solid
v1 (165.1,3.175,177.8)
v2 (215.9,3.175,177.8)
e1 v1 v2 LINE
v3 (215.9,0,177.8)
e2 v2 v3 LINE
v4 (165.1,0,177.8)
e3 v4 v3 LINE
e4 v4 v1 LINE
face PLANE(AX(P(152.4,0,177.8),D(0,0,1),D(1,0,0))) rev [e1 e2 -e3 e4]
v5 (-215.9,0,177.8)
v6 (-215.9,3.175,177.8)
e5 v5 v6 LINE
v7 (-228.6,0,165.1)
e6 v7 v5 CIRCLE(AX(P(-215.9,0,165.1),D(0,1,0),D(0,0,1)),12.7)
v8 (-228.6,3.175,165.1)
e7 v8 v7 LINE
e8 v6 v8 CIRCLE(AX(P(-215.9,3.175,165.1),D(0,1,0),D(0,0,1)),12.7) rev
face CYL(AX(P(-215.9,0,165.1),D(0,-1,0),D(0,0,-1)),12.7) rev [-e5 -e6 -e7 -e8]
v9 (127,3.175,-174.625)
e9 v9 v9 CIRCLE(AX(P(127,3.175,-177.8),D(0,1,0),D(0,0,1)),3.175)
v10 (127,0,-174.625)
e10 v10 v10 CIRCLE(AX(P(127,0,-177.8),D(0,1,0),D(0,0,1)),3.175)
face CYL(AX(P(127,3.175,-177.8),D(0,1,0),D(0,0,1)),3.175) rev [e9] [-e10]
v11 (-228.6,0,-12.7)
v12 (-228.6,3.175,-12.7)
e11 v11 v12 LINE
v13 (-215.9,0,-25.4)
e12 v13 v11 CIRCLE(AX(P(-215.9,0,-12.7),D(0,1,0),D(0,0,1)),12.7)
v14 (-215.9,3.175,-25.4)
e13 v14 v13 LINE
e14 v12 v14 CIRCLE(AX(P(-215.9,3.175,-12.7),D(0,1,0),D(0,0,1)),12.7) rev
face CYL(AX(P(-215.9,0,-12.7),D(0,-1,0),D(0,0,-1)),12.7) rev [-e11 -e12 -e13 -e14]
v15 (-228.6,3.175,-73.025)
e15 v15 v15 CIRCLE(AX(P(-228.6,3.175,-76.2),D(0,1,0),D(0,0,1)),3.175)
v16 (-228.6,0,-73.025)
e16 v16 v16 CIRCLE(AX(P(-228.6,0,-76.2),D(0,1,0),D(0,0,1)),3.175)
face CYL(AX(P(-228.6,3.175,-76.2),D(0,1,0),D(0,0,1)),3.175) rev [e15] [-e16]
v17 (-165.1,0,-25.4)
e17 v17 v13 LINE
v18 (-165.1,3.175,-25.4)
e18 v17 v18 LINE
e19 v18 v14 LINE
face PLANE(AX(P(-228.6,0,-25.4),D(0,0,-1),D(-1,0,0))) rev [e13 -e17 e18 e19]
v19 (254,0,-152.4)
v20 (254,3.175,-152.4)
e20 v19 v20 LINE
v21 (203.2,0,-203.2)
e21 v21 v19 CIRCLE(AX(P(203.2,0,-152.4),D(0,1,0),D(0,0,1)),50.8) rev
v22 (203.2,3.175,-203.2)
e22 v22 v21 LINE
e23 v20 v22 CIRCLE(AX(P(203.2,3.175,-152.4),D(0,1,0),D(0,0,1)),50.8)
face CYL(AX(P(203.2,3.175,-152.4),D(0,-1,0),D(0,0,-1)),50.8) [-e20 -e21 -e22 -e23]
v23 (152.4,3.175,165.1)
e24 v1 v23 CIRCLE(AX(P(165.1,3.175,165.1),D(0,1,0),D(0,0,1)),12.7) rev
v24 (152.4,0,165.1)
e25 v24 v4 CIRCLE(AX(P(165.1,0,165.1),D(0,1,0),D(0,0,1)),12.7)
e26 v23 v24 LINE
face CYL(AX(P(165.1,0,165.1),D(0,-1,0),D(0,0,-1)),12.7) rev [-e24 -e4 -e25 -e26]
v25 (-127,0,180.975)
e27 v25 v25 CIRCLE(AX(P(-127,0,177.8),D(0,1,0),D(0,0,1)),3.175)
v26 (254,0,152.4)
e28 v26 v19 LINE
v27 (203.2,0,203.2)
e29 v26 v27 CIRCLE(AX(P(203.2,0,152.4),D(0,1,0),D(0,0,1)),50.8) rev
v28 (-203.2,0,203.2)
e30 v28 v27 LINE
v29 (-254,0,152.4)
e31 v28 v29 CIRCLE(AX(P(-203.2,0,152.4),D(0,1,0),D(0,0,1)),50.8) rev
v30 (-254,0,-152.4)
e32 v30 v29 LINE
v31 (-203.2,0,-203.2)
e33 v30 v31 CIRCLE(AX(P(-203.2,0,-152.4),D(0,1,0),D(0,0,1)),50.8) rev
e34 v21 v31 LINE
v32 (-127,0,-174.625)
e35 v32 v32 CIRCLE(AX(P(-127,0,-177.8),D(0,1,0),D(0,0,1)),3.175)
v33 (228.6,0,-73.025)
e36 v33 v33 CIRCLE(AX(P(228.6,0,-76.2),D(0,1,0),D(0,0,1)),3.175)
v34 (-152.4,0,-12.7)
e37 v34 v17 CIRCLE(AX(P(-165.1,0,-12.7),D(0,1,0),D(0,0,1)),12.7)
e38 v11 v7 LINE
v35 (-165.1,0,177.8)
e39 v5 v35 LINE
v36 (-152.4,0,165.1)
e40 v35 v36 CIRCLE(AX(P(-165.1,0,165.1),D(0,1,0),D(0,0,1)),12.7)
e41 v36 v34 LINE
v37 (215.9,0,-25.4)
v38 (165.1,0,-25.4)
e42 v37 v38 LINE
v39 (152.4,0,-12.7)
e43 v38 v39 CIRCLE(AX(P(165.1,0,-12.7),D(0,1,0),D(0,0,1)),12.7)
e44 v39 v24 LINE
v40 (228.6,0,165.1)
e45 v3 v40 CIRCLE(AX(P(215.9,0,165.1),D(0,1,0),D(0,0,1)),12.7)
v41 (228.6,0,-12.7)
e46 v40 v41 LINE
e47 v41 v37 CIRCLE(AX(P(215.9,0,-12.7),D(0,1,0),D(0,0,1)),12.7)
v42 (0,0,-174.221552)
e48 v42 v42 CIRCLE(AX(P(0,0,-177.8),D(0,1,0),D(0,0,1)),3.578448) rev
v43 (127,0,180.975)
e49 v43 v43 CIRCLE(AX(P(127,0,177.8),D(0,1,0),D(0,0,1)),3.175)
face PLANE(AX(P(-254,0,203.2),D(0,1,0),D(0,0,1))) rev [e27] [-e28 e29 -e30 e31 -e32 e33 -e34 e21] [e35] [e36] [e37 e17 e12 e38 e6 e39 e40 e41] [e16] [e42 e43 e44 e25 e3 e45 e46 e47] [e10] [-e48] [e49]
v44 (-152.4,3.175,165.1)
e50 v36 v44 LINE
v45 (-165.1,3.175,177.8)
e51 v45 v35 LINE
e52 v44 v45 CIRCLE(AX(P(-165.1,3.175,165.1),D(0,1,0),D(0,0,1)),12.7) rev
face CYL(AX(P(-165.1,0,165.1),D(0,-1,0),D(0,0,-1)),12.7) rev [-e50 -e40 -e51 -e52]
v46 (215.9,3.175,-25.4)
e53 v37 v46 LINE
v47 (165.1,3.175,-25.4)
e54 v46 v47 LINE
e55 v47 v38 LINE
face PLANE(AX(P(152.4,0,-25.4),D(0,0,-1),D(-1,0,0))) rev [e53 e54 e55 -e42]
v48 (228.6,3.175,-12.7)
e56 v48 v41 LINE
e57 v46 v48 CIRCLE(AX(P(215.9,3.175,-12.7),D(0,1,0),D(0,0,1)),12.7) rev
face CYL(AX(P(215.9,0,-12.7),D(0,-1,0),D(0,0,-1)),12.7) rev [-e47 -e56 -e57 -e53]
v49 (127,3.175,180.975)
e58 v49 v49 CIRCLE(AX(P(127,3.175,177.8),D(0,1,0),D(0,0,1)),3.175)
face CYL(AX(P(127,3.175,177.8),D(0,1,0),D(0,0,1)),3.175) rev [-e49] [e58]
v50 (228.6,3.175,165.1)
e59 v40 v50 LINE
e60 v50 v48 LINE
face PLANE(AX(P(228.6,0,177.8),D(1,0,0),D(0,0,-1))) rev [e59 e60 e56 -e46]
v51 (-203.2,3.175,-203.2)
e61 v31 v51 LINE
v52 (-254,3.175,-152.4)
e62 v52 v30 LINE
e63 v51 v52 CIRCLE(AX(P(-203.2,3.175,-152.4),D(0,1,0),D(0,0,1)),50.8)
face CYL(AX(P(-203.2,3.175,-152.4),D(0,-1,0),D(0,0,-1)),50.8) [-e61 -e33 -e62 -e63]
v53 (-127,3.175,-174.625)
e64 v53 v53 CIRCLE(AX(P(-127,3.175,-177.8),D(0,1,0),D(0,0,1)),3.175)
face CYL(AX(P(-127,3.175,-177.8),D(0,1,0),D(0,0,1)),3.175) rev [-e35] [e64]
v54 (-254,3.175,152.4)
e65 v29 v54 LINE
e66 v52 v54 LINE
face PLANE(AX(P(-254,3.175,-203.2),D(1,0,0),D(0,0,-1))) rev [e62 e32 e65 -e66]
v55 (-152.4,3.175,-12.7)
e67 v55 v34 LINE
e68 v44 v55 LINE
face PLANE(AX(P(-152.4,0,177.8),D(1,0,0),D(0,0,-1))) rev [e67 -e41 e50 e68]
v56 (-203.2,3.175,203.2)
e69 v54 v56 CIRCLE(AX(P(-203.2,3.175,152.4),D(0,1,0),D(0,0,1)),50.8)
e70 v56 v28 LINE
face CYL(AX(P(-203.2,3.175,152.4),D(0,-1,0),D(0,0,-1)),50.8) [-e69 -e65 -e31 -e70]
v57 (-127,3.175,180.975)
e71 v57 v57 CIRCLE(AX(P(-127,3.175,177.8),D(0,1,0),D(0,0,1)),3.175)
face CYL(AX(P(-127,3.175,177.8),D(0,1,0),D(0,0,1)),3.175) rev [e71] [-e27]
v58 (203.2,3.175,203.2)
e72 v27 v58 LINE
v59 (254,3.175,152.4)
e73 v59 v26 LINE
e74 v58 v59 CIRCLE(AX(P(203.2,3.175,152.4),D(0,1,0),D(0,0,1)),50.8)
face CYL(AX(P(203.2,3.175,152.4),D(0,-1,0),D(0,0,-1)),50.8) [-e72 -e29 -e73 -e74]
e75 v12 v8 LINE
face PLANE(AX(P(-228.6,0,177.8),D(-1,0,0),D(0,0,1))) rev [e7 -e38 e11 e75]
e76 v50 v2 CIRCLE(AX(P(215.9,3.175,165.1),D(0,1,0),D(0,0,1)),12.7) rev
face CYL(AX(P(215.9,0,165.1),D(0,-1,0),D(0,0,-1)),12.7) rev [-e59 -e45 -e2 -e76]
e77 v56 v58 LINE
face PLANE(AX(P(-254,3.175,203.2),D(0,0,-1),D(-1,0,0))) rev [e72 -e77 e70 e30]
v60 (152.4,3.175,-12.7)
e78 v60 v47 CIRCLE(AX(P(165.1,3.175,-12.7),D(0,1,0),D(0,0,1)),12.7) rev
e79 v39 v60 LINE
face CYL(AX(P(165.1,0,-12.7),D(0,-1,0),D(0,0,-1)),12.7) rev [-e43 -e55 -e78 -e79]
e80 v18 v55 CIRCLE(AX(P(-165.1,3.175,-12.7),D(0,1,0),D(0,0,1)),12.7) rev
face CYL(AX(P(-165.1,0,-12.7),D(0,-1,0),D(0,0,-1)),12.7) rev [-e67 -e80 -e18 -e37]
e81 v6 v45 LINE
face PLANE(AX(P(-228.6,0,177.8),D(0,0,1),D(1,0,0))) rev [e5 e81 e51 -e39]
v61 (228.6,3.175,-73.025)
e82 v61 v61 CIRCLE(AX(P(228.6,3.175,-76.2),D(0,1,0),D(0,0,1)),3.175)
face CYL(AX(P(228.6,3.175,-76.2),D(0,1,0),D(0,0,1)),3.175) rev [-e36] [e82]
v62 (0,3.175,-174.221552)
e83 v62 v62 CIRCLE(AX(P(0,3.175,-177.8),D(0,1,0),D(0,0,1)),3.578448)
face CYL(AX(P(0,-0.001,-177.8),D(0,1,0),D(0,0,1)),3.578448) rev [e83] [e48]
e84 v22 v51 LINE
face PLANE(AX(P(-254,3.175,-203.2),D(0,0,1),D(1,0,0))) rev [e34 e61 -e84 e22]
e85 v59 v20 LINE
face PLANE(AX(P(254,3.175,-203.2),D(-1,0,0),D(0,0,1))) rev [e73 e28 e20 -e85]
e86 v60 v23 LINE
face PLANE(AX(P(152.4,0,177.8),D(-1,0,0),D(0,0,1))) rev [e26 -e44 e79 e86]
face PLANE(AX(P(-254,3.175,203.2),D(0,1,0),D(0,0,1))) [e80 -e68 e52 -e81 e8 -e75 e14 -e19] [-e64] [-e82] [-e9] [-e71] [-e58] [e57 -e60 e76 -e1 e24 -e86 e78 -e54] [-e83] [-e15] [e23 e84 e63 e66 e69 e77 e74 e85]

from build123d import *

# Parameters (mm, degrees)
SKETCH1_W                       = 508
SKETCH1_H                       = 406.4
EXTRUDE1_DEPTH                  = 3.175
SKETCH2_W                       = 76.2
SKETCH2_H                       = 203.2
EXTRUDE2_DEPTH                  = 326.294206258
FILLET2_R                       = 50.8
FILLET3_R                       = 12.7
F_1_4_0_25_DIAMETER_HOLE1_D     = 6.35
F_1_4_0_25_DIAMETER_HOLE1_DEPTH = 25.4
F_1_4_0_25_DIAMETER_HOLE1_TIP   = 1.907732465
CUT_EXTRUDE1_REACH              = 327.294
SKETCH5_R                       = 3.57844787


with BuildPart() as part:
    # Sketch1 → Extrude1 (new body)
    with BuildSketch(Plane(origin=(0, 0, 0), x_dir=(1, 0, 0), z_dir=(0, 1, 0))):
        Rectangle(SKETCH1_W, SKETCH1_H)
    extrude(amount=EXTRUDE1_DEPTH)

    # Sketch2 → Extrude2 (cut, through all)
    with BuildSketch(Plane(origin=(0, 3.175, 0), x_dir=(1, 0, 0), z_dir=(0, 1, 0))):
        with Locations((-190.5, -76.2)):
            Rectangle(SKETCH2_W, SKETCH2_H)
        with Locations((190.5, -76.2)):
            Rectangle(SKETCH2_W, SKETCH2_H)
    extrude(amount=-EXTRUDE2_DEPTH, mode=Mode.SUBTRACT)

    # Fillet2
    fillet2_edges = [part.edges().sort_by_distance(p)[0] for p in [
        (-254, 1.5875, -203.2),
        (254, 1.5875, -203.2),
        (254, 1.5875, 203.2),
        (-254, 1.5875, 203.2),
    ]]
    fillet(fillet2_edges, radius=FILLET2_R)

    # Fillet3
    fillet3_edges = [part.edges().sort_by_distance(p)[0] for p in [
        (-228.6, 1.5875, 177.8),
        (-228.6, 1.5875, -25.4),
        (-152.4, 1.5875, -25.4),
        (-152.4, 1.5875, 177.8),
        (152.4, 1.5875, 177.8),
        (152.4, 1.5875, -25.4),
        (228.6, 1.5875, -25.4),
        (228.6, 1.5875, 177.8),
    ]]
    fillet(fillet3_edges, radius=FILLET3_R)

    # 1/4 (0.25) Diameter Hole1
    with Locations(Plane(origin=(0, 3.175, 0), x_dir=(-1, 0, 0), z_dir=(0, 1, 0))):
        with Locations((127, -177.8), (-127, -177.8), (-228.6, -76.2), (228.6, -76.2), (127, 177.8), (-127, 177.8)):
            Hole(F_1_4_0_25_DIAMETER_HOLE1_D / 2, depth=F_1_4_0_25_DIAMETER_HOLE1_DEPTH)
            with Locations((0, 0, -(F_1_4_0_25_DIAMETER_HOLE1_DEPTH + F_1_4_0_25_DIAMETER_HOLE1_TIP / 2))):  # 118° drill point
                Cone(0, F_1_4_0_25_DIAMETER_HOLE1_D / 2, F_1_4_0_25_DIAMETER_HOLE1_TIP, mode=Mode.SUBTRACT)

    # Sketch5 → Cut-Extrude1 (cut, up to next)
    with BuildSketch(Plane(origin=(0, 3.175, 0), x_dir=(1, 0, 0), z_dir=(0, 1, 0)), mode=Mode.PRIVATE) as cut_extrude1_sk1:
        with Locations(Location((0, 177.8, 0), (0, 0, 270))):
            Circle(SKETCH5_R)
    cut_extrude1_tool1 = extrude(cut_extrude1_sk1.sketch, amount=-CUT_EXTRUDE1_REACH, mode=Mode.PRIVATE) & part.part
    add(cut_extrude1_tool1.solids().sort_by_distance((0, 3.175, -177.8))[0], mode=Mode.SUBTRACT)


solid = part.part
